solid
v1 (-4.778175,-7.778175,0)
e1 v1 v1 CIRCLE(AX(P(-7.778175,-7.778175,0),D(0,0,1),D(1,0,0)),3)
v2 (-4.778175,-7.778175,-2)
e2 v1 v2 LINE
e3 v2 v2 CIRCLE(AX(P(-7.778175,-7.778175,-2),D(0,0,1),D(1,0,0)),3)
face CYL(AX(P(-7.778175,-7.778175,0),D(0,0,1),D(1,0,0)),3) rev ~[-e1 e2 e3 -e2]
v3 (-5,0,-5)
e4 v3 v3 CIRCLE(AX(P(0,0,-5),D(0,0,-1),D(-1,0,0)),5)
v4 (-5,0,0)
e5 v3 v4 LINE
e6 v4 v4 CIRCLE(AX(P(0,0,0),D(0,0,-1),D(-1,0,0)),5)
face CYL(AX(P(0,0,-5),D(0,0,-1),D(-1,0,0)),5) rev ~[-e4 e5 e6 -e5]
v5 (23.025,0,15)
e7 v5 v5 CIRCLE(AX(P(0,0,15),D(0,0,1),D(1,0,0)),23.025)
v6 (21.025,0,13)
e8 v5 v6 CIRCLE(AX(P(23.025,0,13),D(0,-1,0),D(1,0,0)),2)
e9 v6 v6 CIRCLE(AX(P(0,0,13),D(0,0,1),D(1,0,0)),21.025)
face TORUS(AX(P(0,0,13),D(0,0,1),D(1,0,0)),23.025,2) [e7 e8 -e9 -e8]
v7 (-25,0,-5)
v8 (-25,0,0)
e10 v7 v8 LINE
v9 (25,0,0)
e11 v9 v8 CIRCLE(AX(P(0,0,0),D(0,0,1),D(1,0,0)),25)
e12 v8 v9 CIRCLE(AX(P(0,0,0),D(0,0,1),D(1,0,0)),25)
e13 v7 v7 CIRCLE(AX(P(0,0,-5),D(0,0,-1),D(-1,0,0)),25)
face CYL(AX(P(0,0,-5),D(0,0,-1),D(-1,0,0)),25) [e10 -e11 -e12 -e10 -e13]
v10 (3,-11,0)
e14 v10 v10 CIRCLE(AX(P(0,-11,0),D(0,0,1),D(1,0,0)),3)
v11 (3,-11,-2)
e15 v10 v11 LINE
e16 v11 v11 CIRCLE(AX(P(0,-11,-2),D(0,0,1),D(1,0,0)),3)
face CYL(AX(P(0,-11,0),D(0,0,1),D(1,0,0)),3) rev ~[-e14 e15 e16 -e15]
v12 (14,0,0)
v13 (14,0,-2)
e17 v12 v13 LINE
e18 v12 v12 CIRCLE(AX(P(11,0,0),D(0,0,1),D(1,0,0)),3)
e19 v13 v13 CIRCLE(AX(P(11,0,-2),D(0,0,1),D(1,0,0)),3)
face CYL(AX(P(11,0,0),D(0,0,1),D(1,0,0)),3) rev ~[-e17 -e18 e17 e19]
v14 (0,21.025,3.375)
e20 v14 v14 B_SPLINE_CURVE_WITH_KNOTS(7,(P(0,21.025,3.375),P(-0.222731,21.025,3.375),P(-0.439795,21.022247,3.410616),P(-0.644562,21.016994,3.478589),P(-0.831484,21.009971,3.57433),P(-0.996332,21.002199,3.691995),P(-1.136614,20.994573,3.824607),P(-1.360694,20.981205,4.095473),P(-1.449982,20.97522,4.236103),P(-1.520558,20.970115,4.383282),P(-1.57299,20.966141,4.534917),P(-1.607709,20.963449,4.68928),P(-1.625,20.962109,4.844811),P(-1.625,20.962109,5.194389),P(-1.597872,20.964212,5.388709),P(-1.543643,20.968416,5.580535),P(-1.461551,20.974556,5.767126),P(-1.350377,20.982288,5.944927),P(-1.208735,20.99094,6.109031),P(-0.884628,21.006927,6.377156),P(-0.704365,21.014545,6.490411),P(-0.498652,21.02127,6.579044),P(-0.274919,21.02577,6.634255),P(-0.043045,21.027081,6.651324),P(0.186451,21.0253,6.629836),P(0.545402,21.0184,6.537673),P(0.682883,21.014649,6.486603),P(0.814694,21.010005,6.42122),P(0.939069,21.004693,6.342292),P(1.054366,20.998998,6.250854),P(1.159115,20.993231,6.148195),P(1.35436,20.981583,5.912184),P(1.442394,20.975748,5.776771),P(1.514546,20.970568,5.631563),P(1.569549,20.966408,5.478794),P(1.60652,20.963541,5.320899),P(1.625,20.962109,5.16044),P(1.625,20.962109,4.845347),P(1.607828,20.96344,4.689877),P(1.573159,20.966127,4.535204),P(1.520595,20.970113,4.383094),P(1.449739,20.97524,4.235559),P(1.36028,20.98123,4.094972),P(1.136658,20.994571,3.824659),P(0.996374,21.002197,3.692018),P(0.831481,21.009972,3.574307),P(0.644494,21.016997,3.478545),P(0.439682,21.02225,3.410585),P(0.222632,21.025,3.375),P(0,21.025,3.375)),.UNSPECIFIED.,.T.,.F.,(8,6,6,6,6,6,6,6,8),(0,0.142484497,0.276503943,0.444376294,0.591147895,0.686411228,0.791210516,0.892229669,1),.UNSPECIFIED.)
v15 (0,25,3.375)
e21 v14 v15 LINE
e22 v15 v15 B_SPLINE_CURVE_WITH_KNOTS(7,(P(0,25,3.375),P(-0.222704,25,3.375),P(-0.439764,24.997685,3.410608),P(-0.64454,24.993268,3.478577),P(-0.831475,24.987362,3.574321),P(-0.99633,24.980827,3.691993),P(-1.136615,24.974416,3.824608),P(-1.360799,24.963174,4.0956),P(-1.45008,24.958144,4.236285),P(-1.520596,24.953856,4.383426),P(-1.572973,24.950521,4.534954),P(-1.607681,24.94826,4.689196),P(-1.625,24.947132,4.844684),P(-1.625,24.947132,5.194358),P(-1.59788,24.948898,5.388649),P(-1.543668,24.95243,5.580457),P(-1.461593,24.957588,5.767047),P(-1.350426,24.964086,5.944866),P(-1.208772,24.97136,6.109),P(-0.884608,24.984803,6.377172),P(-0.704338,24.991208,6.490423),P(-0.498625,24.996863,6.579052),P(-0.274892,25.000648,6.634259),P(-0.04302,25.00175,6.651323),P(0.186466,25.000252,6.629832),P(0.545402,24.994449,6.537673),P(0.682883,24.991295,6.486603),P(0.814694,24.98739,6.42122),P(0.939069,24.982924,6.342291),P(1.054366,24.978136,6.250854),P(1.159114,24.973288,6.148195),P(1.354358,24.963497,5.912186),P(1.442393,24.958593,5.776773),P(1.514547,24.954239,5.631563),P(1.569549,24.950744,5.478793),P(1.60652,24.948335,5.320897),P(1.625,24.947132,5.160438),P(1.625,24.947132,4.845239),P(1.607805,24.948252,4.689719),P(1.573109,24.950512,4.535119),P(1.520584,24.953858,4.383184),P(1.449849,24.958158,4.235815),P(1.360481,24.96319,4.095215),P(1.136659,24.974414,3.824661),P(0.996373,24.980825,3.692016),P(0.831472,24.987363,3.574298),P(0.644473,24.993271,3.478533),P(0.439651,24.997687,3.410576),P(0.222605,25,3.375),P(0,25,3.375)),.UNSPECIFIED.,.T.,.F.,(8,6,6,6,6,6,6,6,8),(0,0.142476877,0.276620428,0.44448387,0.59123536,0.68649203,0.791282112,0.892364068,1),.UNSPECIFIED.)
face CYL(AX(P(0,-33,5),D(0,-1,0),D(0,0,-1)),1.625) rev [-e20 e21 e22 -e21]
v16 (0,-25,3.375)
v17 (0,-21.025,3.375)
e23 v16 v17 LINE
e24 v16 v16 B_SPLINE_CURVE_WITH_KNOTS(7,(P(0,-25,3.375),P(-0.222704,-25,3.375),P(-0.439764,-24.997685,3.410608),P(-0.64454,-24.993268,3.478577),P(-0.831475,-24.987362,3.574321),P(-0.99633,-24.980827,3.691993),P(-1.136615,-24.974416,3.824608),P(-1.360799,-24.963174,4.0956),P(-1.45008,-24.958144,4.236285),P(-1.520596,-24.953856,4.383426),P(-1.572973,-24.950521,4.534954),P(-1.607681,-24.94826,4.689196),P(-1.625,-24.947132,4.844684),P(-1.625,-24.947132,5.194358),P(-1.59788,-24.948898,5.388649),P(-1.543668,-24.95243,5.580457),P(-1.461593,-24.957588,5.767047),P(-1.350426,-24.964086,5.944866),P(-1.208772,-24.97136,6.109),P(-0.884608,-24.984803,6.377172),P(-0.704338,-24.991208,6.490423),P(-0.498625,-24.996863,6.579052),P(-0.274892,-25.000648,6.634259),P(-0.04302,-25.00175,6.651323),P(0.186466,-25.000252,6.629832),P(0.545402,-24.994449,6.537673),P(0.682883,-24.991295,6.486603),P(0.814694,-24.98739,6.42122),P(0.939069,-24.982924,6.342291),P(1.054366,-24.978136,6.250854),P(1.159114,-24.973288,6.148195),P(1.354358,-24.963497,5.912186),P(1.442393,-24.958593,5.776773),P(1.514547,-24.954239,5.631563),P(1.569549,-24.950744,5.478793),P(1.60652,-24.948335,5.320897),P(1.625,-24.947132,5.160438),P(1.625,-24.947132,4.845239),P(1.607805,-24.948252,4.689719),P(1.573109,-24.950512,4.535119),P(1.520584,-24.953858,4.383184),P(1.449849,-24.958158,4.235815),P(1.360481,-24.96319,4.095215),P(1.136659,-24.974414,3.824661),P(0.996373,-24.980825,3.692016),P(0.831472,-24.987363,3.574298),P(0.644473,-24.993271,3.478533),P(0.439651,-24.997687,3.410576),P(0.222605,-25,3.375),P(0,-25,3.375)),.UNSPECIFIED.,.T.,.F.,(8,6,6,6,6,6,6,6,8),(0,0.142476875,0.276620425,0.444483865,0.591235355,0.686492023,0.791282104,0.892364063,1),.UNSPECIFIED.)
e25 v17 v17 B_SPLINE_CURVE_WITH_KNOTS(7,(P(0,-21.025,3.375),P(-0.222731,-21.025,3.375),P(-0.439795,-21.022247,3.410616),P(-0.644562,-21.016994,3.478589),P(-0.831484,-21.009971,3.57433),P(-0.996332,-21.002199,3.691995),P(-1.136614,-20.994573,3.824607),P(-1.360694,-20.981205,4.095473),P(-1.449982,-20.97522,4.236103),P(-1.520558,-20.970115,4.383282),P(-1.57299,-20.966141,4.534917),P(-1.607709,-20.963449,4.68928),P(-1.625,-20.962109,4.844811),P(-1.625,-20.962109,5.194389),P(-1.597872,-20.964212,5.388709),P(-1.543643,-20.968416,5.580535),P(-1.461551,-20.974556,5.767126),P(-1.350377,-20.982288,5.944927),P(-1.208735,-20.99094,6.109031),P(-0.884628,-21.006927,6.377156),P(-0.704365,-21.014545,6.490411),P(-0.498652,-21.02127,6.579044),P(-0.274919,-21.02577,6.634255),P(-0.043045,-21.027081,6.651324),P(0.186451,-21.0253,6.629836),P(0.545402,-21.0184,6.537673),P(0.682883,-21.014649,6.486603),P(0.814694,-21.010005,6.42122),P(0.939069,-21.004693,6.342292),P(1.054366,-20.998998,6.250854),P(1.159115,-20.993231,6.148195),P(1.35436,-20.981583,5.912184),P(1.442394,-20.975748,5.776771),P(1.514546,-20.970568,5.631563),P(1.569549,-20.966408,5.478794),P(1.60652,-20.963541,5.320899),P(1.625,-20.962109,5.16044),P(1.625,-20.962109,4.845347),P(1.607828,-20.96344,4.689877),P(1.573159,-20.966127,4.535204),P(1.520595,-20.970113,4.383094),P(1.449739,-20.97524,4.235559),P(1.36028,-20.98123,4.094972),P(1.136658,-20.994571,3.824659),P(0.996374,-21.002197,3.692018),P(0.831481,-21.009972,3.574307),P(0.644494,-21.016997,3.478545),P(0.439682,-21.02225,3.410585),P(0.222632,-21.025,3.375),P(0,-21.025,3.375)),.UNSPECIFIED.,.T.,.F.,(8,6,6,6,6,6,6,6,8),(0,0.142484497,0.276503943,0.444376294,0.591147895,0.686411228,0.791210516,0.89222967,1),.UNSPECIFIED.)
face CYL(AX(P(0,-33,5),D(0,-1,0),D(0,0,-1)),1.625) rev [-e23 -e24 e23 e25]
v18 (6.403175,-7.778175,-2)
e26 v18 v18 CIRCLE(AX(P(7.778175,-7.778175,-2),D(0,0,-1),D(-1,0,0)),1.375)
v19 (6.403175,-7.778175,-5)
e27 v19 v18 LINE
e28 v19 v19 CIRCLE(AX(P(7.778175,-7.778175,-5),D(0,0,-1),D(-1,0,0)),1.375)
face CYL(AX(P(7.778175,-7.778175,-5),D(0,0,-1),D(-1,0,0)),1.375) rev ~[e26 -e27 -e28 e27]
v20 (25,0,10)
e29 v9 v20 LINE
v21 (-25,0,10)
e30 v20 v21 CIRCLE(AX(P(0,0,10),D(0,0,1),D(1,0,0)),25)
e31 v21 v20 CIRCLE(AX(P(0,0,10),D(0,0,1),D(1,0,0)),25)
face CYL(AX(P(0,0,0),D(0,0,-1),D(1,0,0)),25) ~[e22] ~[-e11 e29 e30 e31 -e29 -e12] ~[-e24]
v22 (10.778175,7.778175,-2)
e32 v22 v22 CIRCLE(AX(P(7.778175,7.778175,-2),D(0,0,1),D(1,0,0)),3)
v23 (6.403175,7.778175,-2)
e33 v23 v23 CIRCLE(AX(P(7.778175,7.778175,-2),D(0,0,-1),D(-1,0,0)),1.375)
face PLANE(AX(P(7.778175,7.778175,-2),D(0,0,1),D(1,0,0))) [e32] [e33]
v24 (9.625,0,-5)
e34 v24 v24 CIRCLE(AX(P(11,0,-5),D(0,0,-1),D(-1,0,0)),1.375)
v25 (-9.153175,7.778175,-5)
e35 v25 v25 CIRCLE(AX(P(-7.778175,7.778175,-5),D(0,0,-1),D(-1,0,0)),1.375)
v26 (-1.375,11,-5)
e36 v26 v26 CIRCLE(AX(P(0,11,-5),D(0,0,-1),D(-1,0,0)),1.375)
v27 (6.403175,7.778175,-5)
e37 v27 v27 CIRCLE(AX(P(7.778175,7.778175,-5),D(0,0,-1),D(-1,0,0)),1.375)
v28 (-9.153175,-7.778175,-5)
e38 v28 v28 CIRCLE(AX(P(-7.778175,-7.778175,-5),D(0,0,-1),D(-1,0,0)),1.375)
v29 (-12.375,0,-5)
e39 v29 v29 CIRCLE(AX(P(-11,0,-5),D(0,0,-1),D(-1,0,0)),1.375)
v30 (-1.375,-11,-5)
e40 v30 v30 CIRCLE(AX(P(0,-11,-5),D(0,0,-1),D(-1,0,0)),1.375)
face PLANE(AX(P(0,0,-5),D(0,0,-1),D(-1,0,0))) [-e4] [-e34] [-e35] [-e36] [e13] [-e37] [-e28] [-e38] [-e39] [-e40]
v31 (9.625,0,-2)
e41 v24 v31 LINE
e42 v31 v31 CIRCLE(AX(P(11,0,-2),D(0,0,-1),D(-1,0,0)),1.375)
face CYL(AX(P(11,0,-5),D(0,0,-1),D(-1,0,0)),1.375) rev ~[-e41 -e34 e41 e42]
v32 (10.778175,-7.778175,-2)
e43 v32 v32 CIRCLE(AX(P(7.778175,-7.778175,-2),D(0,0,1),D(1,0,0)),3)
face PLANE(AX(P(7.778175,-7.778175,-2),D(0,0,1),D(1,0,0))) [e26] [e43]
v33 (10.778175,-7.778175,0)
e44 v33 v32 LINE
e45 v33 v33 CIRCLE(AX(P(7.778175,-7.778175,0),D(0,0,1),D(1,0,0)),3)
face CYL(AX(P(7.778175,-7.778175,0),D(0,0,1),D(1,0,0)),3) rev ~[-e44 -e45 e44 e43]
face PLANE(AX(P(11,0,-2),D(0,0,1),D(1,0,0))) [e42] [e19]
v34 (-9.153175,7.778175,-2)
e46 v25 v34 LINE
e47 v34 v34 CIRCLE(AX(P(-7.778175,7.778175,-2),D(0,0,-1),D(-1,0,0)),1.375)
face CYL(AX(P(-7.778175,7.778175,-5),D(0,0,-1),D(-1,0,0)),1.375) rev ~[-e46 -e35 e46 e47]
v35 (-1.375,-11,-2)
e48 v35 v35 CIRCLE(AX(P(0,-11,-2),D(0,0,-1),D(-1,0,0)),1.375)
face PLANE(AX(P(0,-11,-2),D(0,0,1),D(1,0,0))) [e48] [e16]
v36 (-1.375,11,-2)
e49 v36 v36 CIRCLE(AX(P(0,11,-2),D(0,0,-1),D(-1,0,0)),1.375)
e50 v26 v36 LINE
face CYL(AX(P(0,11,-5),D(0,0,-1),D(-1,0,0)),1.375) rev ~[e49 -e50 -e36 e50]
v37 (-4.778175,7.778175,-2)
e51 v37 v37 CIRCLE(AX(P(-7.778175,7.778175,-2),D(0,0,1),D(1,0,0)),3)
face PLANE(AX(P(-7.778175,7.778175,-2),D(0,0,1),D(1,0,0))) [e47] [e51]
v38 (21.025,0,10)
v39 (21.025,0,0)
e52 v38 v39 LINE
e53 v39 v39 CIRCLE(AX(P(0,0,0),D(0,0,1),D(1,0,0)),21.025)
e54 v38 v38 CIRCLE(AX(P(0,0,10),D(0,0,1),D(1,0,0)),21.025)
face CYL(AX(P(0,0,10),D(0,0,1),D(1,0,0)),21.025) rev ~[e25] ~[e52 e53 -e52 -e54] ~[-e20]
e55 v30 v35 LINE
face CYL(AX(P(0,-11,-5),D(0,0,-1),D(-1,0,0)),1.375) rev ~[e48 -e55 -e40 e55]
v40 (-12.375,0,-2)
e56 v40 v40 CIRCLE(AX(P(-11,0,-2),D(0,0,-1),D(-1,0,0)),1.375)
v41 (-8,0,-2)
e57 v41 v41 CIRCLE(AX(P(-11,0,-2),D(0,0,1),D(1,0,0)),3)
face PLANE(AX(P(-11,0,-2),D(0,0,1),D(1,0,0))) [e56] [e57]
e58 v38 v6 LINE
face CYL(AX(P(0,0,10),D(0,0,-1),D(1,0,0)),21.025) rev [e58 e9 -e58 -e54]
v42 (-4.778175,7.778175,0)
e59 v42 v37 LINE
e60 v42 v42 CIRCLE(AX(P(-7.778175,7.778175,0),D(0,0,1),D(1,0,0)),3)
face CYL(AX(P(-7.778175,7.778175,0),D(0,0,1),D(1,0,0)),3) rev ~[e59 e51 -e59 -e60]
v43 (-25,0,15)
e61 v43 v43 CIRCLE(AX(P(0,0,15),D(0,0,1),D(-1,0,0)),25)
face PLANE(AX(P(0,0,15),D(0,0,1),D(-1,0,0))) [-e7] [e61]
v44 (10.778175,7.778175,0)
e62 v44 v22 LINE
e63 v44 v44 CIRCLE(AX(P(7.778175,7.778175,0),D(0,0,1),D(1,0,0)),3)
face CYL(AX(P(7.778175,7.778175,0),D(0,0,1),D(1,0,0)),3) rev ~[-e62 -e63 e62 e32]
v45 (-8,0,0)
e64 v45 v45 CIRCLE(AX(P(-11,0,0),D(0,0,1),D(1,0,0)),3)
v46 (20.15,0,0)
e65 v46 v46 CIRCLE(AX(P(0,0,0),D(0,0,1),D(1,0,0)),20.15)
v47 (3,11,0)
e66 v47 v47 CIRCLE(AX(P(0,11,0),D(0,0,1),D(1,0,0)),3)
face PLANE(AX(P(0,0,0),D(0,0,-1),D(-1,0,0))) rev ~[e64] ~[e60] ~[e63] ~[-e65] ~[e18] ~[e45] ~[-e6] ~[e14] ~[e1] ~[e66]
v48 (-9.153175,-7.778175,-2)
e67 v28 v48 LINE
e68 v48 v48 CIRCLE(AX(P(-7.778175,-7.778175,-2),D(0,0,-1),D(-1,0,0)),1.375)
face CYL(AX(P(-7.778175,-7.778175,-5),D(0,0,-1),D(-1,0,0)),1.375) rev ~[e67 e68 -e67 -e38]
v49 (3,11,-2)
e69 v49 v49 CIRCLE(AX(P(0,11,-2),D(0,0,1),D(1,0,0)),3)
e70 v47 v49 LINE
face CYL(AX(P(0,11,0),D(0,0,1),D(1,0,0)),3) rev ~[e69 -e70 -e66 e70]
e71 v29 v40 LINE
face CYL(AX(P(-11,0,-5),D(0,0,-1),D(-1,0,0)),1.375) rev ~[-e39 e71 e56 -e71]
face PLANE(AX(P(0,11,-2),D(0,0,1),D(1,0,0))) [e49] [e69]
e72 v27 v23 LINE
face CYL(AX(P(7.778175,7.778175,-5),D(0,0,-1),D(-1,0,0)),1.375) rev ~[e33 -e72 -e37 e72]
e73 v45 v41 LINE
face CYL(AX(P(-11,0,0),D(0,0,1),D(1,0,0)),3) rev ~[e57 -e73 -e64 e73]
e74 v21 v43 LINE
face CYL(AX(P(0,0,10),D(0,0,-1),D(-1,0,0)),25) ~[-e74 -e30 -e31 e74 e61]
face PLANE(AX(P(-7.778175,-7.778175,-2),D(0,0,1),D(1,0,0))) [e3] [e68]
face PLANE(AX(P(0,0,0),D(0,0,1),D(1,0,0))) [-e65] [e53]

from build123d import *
from build123d.topology import SkipClean

# Parameters (mm, degrees)
SKETCH1_R               = 25
SKETCH1_R_2             = 20.15
BOSS_EXTRUDE1_DEPTH     = 10
BOSS_EXTRUDE2_START     = 5
SKETCH2_R               = 25
SKETCH2_R_2             = 1.375
SKETCH2_R_3             = 5
BOSS_EXTRUDE2_DEPTH     = 5
SKETCH3_R               = 3
CUT_EXTRUDE1_DEPTH      = 2
CUT_EXTRUDE2_DEPTH      = 38
CUT_EXTRUDE2_DEPTH_BACK = 33
SKETCH4_R               = 1.625
SKETCH5_R               = 21.025
CUT_EXTRUDE3_DEPTH      = 10
SKETCH6_R               = 25
SKETCH6_R_2             = 21.025
BOSS_EXTRUDE3_DEPTH     = 5
FILLET1_R               = 2


with BuildPart() as part:
    # Sketch1 → Boss-Extrude1 (new body)
    with BuildSketch(Plane.XY):
        Circle(SKETCH1_R)
        Circle(SKETCH1_R_2, mode=Mode.SUBTRACT)
    extrude(amount=BOSS_EXTRUDE1_DEPTH)

    # Sketch2 → Boss-Extrude2 (add)
    with BuildSketch(Plane(origin=(0, 0, 0), x_dir=(-1, 0, 0), z_dir=(0, 0, -1)).offset(BOSS_EXTRUDE2_START)):
        Circle(SKETCH2_R)
        with Locations((-11, 0)):
            Circle(SKETCH2_R_2, mode=Mode.SUBTRACT)
        with Locations((-7.778174593, 7.778174593)):
            Circle(SKETCH2_R_2, mode=Mode.SUBTRACT)
        with Locations((0, 11)):
            Circle(SKETCH2_R_2, mode=Mode.SUBTRACT)
        with Locations((7.778174593, 7.778174593)):
            Circle(SKETCH2_R_2, mode=Mode.SUBTRACT)
        with Locations((11, 0)):
            Circle(SKETCH2_R_2, mode=Mode.SUBTRACT)
        with Locations((7.778174593, -7.778174593)):
            Circle(SKETCH2_R_2, mode=Mode.SUBTRACT)
        with Locations((0, -11)):
            Circle(SKETCH2_R_2, mode=Mode.SUBTRACT)
        with Locations((-7.778174593, -7.778174593)):
            Circle(SKETCH2_R_2, mode=Mode.SUBTRACT)
        Circle(SKETCH2_R_3, mode=Mode.SUBTRACT)
    extrude(amount=-BOSS_EXTRUDE2_DEPTH)

    # Sketch3 → Cut-Extrude1 (cut)
    with BuildSketch(Plane.XY):
        with Locations((0, 11)):
            Circle(SKETCH3_R)
        with Locations((7.778174593, 7.778174593)):
            Circle(SKETCH3_R)
        with Locations((11, 0)):
            Circle(SKETCH3_R)
        with Locations((7.778174593, -7.778174593)):
            Circle(SKETCH3_R)
        with Locations((0, -11)):
            Circle(SKETCH3_R)
        with Locations((-7.778174593, -7.778174593)):
            Circle(SKETCH3_R)
        with Locations((-11, 0)):
            Circle(SKETCH3_R)
        with Locations((-7.778174593, 7.778174593)):
            Circle(SKETCH3_R)
    extrude(amount=-CUT_EXTRUDE1_DEPTH, mode=Mode.SUBTRACT)

    # Sketch4 → Cut-Extrude2 (cut, two sides: drawn at the far end of the back side and taken through both)
    with BuildSketch(Plane(origin=(0, 0, 0), x_dir=(1, 0, 0), z_dir=(0, 1, 0)).offset(-CUT_EXTRUDE2_DEPTH_BACK)):
        with Locations(Location((0, -5, 0), (0, 0, 90))):
            Circle(SKETCH4_R)
    extrude(amount=CUT_EXTRUDE2_DEPTH + CUT_EXTRUDE2_DEPTH_BACK, mode=Mode.SUBTRACT)

    # Sketch5 → Cut-Extrude3 (cut)
    with BuildSketch(Plane.XY.offset(10)):
        Circle(SKETCH5_R)
    extrude(amount=-CUT_EXTRUDE3_DEPTH, mode=Mode.SUBTRACT)

    # Sketch6 → Boss-Extrude3 (add)
    with SkipClean():  # the faces are left unmerged after this step: merging them gives an invalid solid
        with BuildSketch(Plane.XY.offset(10)):
            with Locations(Location((0, 0, 0), (0, 0, 180))):
                Circle(SKETCH6_R)
            Circle(SKETCH6_R_2, mode=Mode.SUBTRACT)
        extrude(amount=BOSS_EXTRUDE3_DEPTH)

    # Fillet1
    fillet1_edges = [part.edges().sort_by_distance(p)[0] for p in [
        (-21.025, 0, 15),
    ]]
    fillet(fillet1_edges, radius=FILLET1_R)


solid = part.part
